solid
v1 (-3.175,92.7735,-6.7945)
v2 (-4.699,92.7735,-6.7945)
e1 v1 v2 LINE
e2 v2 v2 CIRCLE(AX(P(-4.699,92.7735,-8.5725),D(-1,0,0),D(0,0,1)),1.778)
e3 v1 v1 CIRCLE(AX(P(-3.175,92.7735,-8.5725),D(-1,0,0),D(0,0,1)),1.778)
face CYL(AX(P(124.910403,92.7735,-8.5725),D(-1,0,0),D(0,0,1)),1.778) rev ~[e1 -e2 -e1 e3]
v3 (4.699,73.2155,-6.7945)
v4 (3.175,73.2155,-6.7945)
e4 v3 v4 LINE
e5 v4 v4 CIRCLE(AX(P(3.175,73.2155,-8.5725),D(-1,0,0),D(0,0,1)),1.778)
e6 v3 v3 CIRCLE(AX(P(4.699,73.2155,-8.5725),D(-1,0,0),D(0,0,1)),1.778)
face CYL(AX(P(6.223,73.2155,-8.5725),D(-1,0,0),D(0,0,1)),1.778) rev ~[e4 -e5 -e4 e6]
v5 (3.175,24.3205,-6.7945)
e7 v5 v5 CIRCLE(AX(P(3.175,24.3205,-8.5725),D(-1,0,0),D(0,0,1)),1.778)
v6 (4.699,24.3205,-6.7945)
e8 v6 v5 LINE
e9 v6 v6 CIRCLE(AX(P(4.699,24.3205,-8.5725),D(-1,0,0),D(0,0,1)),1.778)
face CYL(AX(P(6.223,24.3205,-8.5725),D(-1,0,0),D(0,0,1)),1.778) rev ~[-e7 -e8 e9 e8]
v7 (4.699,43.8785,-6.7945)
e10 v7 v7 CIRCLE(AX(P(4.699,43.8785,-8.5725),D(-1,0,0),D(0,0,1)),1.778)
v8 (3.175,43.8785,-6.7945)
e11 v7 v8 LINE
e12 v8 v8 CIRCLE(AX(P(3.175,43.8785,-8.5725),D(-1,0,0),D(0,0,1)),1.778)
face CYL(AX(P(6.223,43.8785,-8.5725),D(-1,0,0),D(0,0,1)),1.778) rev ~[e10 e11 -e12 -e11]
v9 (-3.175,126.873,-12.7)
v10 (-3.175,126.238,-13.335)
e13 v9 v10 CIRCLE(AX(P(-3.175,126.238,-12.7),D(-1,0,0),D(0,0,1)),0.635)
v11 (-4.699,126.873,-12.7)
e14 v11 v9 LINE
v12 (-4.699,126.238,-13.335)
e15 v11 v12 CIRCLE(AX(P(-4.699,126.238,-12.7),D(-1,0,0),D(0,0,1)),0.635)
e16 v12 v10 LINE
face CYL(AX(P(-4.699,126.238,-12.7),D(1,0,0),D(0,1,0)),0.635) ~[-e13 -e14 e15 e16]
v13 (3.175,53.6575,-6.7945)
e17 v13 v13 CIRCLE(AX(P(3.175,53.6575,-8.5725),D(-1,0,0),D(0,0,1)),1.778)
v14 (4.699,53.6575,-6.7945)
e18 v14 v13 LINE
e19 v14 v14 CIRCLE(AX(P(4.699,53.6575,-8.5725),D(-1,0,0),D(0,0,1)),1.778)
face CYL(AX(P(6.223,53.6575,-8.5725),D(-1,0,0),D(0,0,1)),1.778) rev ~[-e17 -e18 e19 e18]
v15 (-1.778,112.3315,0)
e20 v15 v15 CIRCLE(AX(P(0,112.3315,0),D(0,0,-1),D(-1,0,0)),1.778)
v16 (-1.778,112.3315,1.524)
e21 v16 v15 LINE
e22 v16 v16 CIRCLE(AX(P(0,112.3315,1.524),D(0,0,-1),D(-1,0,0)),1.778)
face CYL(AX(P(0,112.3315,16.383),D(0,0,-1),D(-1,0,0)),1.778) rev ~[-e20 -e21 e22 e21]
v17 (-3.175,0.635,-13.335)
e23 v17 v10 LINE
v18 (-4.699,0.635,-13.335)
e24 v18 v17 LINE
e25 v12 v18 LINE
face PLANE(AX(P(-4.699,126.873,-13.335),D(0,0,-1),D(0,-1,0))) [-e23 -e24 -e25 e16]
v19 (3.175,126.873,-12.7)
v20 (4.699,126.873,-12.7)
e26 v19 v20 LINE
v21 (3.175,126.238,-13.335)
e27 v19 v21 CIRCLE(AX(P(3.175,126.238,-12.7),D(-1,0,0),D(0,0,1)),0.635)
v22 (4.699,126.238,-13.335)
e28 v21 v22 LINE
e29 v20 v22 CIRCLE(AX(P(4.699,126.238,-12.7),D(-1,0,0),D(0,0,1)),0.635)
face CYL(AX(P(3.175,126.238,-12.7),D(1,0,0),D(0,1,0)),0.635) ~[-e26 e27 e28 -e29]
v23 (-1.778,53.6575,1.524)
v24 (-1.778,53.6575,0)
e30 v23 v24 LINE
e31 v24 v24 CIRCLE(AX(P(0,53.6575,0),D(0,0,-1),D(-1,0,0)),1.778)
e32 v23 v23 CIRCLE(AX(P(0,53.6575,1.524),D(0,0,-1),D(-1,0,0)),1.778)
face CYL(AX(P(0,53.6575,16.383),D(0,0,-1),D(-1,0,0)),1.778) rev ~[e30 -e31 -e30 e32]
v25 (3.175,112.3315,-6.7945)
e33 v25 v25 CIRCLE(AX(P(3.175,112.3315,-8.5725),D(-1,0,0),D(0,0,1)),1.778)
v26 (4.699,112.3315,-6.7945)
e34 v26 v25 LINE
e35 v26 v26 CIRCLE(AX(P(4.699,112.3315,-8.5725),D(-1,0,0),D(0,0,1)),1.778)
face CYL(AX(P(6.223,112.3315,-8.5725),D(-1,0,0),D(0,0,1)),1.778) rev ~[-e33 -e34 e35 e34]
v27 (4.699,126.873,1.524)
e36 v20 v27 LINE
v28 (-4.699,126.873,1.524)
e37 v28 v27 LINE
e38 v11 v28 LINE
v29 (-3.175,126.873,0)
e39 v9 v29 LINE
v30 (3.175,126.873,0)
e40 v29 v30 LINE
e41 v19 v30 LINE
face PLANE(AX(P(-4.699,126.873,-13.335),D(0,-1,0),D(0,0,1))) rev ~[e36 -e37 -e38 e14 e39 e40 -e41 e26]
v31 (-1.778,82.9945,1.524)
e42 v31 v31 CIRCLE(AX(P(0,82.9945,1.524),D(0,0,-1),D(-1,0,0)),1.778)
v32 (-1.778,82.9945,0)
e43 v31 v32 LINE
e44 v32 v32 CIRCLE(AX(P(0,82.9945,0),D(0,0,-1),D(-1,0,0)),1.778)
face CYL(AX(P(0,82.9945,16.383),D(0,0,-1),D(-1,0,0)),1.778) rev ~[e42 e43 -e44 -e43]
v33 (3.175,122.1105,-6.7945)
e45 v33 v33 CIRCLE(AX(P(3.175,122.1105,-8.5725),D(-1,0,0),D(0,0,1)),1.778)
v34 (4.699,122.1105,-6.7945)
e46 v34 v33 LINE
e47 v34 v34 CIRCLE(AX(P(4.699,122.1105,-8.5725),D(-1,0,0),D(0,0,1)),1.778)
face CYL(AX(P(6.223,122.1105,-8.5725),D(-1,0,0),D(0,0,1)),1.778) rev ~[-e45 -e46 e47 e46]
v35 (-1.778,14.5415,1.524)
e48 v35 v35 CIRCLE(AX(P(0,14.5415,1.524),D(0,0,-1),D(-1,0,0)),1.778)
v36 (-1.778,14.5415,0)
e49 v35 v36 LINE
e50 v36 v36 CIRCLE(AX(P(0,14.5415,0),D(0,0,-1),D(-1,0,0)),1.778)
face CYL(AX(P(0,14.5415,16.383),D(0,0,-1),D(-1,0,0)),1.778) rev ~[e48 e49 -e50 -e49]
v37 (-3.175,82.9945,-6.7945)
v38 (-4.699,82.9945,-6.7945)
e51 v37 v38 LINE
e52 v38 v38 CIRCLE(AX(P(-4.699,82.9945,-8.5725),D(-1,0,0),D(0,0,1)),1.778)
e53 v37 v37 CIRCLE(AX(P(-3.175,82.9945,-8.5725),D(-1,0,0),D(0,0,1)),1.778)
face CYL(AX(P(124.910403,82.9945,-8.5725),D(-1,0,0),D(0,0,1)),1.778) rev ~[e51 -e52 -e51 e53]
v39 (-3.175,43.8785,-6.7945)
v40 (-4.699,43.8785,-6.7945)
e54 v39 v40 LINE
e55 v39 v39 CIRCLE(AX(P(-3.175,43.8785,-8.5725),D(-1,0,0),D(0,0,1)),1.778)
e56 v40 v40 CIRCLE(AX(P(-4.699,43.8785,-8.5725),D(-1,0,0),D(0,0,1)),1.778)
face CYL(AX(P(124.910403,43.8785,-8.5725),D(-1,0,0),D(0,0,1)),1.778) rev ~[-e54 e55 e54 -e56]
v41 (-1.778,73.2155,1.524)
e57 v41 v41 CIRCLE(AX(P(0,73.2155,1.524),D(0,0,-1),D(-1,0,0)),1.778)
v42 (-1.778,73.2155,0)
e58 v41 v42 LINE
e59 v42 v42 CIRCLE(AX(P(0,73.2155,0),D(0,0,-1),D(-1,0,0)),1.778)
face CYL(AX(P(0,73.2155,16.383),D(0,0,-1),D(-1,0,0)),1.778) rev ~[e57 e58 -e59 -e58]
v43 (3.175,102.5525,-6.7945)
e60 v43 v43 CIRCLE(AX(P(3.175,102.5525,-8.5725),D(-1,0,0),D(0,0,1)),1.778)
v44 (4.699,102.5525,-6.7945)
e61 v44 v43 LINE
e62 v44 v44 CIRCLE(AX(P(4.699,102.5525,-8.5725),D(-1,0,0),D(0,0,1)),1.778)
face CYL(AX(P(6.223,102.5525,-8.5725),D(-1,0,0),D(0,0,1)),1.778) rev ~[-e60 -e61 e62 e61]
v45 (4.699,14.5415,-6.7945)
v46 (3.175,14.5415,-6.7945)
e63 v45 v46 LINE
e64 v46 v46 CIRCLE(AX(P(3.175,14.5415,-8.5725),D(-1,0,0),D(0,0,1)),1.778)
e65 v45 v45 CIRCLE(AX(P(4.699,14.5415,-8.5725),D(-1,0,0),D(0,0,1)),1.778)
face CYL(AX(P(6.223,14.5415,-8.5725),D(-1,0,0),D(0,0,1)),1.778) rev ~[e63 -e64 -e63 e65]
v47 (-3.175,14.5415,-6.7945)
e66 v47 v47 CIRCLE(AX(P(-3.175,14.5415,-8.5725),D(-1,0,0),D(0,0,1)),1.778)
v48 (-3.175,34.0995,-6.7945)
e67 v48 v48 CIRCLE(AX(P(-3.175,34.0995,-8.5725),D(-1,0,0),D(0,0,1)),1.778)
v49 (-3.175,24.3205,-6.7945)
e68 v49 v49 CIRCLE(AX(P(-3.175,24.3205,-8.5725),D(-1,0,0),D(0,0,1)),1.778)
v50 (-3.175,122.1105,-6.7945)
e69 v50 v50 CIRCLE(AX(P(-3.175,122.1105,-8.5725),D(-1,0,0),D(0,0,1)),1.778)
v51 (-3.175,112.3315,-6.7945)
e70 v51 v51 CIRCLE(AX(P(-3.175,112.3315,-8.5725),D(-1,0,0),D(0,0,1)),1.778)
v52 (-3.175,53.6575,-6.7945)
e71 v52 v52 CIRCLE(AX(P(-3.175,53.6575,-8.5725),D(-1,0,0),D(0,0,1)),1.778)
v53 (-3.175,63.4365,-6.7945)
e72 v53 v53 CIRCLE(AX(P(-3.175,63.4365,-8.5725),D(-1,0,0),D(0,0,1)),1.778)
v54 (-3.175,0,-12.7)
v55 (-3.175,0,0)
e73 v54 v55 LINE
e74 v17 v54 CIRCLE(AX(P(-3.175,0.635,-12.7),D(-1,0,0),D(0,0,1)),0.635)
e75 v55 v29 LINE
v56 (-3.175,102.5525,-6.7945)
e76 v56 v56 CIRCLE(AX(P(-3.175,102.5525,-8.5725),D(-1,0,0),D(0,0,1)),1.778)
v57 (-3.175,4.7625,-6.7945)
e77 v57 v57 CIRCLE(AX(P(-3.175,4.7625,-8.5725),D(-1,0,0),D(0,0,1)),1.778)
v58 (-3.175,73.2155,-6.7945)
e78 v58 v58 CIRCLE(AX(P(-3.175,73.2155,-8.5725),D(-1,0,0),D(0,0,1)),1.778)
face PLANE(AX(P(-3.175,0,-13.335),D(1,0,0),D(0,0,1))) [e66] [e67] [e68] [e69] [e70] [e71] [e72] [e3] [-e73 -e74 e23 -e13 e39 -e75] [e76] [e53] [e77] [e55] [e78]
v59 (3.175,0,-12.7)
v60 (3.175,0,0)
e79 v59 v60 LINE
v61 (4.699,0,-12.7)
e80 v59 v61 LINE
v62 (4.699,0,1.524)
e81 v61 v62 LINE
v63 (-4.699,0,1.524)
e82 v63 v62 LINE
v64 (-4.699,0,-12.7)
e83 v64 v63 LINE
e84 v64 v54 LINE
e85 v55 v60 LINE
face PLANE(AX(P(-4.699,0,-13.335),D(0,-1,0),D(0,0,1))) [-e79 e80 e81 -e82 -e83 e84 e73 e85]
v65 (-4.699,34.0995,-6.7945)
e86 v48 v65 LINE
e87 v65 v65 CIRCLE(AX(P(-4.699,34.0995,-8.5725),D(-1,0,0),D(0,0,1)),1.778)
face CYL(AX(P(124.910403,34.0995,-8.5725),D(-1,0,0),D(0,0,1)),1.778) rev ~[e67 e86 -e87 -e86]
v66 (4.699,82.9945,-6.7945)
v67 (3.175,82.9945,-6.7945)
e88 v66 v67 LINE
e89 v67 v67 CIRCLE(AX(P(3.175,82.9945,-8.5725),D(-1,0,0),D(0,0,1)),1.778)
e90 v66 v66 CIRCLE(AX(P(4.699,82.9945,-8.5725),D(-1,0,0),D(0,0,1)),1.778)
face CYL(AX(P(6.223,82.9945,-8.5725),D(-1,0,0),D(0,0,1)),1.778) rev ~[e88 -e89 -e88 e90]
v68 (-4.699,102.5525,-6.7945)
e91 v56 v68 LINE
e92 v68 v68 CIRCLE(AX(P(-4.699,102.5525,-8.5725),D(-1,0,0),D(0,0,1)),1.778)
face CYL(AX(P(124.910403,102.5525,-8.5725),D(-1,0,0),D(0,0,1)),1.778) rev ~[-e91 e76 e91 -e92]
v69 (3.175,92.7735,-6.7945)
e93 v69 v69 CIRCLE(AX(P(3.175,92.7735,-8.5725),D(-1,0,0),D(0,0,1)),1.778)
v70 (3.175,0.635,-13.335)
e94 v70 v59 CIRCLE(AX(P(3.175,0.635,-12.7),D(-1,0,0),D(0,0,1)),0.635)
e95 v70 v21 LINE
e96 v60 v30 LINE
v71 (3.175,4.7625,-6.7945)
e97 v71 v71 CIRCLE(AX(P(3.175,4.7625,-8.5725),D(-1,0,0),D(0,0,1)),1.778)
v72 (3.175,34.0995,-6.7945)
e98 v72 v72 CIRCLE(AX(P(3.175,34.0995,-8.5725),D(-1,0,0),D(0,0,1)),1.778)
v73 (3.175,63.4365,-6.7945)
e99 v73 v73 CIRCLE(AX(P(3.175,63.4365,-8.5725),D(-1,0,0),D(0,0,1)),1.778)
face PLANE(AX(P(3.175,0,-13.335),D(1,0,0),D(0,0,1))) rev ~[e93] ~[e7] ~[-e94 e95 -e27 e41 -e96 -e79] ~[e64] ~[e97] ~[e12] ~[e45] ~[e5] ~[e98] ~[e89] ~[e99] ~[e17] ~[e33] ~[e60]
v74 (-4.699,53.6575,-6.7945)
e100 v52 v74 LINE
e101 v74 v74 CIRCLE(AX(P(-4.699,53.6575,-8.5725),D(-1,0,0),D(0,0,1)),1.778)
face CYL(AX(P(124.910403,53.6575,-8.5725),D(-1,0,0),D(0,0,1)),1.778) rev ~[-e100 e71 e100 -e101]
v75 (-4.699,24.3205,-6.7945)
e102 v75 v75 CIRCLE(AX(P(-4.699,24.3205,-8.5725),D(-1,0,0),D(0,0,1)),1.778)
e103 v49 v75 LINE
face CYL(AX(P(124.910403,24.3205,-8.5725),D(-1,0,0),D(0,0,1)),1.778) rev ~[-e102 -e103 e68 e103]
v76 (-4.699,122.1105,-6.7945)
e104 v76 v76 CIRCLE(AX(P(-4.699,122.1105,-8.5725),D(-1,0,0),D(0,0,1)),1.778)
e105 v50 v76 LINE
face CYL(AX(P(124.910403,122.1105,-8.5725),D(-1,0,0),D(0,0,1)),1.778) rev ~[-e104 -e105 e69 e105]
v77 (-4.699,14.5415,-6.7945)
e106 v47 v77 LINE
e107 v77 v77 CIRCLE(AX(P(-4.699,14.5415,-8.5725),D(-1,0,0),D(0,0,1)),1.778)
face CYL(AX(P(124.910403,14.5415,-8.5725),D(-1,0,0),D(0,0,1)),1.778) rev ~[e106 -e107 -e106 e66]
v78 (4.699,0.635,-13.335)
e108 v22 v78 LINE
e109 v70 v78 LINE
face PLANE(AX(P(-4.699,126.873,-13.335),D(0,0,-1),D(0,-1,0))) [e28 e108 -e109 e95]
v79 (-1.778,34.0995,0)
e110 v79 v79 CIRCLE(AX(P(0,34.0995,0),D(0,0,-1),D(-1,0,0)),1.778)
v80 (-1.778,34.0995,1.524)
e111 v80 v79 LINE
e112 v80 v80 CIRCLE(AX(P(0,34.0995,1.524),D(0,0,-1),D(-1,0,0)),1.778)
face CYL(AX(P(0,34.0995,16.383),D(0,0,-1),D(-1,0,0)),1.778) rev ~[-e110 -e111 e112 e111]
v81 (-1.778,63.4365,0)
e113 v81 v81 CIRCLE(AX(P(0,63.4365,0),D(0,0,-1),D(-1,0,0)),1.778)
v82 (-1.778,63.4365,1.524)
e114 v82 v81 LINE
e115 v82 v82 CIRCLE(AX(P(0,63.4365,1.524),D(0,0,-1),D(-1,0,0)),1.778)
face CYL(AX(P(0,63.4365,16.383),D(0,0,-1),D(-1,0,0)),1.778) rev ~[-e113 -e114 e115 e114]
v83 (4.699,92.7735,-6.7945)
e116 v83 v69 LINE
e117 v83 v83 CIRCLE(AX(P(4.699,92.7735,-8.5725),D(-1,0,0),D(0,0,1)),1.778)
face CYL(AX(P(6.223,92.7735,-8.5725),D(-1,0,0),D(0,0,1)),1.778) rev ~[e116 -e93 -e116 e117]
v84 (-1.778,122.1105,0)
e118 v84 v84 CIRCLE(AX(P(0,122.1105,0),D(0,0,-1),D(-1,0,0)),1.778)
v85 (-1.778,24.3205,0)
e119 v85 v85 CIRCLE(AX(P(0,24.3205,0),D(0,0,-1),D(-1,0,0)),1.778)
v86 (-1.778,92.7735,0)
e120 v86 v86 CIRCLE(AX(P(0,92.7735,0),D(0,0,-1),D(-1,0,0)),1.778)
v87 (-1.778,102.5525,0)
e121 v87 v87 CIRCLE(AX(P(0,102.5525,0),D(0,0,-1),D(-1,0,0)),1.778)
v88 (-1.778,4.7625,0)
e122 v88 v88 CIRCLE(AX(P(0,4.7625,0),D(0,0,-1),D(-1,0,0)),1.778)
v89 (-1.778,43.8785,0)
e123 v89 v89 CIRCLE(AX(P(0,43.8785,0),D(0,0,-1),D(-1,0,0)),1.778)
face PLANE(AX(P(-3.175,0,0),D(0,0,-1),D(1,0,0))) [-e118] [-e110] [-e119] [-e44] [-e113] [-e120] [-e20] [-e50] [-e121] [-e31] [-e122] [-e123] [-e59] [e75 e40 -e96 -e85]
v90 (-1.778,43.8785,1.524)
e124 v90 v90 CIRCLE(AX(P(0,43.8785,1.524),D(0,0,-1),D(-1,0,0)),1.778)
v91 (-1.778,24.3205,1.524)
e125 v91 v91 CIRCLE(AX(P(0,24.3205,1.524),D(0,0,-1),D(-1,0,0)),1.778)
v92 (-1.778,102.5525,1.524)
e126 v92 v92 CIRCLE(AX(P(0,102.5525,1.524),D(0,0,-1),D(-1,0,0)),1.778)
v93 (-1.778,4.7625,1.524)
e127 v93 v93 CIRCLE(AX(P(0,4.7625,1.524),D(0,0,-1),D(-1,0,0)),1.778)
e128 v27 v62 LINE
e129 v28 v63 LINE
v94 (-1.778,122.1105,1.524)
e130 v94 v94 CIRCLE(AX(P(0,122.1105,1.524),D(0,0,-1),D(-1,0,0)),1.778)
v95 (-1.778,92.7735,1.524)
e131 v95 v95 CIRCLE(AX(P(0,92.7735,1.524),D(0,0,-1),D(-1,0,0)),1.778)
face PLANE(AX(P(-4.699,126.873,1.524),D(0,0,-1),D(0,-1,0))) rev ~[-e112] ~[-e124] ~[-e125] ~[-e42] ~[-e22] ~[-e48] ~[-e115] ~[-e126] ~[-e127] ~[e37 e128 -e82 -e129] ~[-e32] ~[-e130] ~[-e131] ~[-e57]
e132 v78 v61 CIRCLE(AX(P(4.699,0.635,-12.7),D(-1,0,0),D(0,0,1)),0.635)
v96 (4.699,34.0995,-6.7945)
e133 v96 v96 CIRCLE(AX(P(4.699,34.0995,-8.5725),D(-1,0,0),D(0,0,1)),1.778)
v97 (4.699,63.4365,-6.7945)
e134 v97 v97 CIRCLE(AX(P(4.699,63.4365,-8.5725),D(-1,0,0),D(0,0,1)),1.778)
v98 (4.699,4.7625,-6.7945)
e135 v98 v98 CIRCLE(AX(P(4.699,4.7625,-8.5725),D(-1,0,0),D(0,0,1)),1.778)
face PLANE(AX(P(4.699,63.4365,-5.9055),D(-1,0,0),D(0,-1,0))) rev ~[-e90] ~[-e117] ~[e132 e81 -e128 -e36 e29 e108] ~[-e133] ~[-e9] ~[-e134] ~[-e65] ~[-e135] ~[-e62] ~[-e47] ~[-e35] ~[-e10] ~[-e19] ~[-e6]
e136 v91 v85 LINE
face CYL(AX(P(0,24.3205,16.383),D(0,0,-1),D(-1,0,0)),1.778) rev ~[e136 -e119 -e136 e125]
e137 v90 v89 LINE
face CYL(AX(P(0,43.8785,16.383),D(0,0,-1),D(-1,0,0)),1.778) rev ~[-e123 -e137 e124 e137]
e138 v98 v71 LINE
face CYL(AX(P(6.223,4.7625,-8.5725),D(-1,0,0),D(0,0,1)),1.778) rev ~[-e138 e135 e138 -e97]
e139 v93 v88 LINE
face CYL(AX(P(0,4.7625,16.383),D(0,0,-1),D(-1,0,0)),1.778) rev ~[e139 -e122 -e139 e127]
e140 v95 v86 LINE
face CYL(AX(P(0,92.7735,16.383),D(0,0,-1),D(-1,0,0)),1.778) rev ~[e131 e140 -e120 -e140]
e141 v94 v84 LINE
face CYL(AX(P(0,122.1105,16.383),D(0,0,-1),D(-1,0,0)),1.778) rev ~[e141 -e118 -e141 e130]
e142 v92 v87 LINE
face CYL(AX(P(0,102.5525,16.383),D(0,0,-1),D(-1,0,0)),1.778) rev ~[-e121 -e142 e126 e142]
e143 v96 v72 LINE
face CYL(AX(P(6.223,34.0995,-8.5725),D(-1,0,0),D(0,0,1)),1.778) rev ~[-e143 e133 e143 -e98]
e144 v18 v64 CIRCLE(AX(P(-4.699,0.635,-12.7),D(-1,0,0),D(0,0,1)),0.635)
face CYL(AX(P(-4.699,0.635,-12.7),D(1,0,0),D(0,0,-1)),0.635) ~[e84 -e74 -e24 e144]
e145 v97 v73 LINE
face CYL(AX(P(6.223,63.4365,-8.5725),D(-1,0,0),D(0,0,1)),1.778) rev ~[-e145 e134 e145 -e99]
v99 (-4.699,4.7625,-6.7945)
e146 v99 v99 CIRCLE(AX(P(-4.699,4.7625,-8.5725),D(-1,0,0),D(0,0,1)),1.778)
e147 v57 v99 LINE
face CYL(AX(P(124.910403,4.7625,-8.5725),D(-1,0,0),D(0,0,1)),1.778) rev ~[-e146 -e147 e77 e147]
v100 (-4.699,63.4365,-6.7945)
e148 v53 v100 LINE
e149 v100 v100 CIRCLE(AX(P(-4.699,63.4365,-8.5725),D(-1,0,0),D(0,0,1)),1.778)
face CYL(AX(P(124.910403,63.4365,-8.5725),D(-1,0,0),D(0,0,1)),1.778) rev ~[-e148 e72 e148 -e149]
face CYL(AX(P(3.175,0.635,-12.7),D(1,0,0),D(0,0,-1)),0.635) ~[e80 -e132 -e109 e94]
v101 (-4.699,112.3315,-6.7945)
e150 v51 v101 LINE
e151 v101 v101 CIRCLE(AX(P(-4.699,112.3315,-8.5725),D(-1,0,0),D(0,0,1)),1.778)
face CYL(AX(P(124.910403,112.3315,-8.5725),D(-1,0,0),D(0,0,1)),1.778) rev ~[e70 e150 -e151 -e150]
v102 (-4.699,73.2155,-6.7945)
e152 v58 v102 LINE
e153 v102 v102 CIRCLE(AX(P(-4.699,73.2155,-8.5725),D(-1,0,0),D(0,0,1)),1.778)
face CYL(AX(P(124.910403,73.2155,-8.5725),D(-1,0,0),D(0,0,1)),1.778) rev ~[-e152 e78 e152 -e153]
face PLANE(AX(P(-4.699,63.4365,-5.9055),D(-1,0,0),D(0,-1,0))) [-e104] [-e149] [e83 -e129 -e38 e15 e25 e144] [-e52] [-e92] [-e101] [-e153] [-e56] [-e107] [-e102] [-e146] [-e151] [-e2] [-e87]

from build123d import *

# Parameters (mm, degrees)
SKETCH1_W                 = 126.873
SKETCH1_H                 = 14.859
BOSS_EXTRUDE1_DEPTH       = 9.398
SKETCH2_W                 = 6.35
SKETCH2_H                 = 13.335
CUT_EXTRUDE1_DEPTH        = 128.658375969
F_5_CLEARANCE_HOLE1_D     = 3.556
F_5_CLEARANCE_HOLE1_DEPTH = 1.524
F_5_CLEARANCE_HOLE2_D     = 3.556
F_5_CLEARANCE_HOLE2_DEPTH = 14.859
F_5_CLEARANCE_HOLE3_D     = 3.556
FILLET1_R                 = 0.635


with BuildPart() as part:
    # Sketch1 → Boss-Extrude1 (new body)
    with BuildSketch(Plane(origin=(-4.699, 0, 0), x_dir=(0, -1, 0), z_dir=(-1, 0, 0))):
        with Locations((-63.4365, -5.9055)):
            Rectangle(SKETCH1_W, SKETCH1_H)
    extrude(amount=-BOSS_EXTRUDE1_DEPTH)

    # Sketch2 → Cut-Extrude1 (cut, through all)
    with BuildSketch(Plane.XZ):
        with Locations((0, -6.6675)):
            Rectangle(SKETCH2_W, SKETCH2_H)
    extrude(amount=-CUT_EXTRUDE1_DEPTH, mode=Mode.SUBTRACT)

    # #5 Clearance Hole1
    with Locations(Plane(origin=(4.699, 0, 0), x_dir=(0, 0, -1), z_dir=(1, 0, 0))):
        with Locations((8.5725, 112.3315), (8.5725, 122.1105), (8.5725, 102.5525), (8.5725, 92.7735), (8.5725, 82.9945), (8.5725, 73.2155), (8.5725, 63.4365), (8.5725, 53.6575), (8.5725, 43.8785), (8.5725, 34.0995), (8.5725, 24.3205), (8.5725, 14.5415), (8.5725, 4.7625)):
            Hole(F_5_CLEARANCE_HOLE1_D / 2, depth=F_5_CLEARANCE_HOLE1_DEPTH)

    # #5 Clearance Hole2
    with Locations(Plane.XY.offset(1.524)):
        with Locations((0, 112.3315), (0, 122.1105), (0, 102.5525), (0, 92.7735), (0, 82.9945), (0, 73.2155), (0, 63.4365), (0, 53.6575), (0, 43.8785), (0, 34.0995), (0, 24.3205), (0, 14.5415), (0, 4.7625)):
            Hole(F_5_CLEARANCE_HOLE2_D / 2, depth=F_5_CLEARANCE_HOLE2_DEPTH)

    # #5 Clearance Hole3 (through all)
    with Locations(Plane(origin=(-3.175, 0, 0), x_dir=(0, 0, -1), z_dir=(1, 0, 0))):
        with Locations((8.5725, 112.3315), (8.5725, 122.1105), (8.5725, 102.5525), (8.5725, 92.7735), (8.5725, 82.9945), (8.5725, 73.2155), (8.5725, 63.4365), (8.5725, 53.6575), (8.5725, 43.8785), (8.5725, 34.0995), (8.5725, 24.3205), (8.5725, 14.5415), (8.5725, 4.7625)):
            Hole(F_5_CLEARANCE_HOLE3_D / 2)

    # Fillet1
    fillet1_edges = [part.edges().sort_by_distance(p)[0] for p in [
        (-3.937, 126.873, -13.335),
        (-3.937, 0, -13.335),
        (3.937, 0, -13.335),
        (3.937, 126.873, -13.335),
    ]]
    fillet(fillet1_edges, radius=FILLET1_R)


solid = part.part
